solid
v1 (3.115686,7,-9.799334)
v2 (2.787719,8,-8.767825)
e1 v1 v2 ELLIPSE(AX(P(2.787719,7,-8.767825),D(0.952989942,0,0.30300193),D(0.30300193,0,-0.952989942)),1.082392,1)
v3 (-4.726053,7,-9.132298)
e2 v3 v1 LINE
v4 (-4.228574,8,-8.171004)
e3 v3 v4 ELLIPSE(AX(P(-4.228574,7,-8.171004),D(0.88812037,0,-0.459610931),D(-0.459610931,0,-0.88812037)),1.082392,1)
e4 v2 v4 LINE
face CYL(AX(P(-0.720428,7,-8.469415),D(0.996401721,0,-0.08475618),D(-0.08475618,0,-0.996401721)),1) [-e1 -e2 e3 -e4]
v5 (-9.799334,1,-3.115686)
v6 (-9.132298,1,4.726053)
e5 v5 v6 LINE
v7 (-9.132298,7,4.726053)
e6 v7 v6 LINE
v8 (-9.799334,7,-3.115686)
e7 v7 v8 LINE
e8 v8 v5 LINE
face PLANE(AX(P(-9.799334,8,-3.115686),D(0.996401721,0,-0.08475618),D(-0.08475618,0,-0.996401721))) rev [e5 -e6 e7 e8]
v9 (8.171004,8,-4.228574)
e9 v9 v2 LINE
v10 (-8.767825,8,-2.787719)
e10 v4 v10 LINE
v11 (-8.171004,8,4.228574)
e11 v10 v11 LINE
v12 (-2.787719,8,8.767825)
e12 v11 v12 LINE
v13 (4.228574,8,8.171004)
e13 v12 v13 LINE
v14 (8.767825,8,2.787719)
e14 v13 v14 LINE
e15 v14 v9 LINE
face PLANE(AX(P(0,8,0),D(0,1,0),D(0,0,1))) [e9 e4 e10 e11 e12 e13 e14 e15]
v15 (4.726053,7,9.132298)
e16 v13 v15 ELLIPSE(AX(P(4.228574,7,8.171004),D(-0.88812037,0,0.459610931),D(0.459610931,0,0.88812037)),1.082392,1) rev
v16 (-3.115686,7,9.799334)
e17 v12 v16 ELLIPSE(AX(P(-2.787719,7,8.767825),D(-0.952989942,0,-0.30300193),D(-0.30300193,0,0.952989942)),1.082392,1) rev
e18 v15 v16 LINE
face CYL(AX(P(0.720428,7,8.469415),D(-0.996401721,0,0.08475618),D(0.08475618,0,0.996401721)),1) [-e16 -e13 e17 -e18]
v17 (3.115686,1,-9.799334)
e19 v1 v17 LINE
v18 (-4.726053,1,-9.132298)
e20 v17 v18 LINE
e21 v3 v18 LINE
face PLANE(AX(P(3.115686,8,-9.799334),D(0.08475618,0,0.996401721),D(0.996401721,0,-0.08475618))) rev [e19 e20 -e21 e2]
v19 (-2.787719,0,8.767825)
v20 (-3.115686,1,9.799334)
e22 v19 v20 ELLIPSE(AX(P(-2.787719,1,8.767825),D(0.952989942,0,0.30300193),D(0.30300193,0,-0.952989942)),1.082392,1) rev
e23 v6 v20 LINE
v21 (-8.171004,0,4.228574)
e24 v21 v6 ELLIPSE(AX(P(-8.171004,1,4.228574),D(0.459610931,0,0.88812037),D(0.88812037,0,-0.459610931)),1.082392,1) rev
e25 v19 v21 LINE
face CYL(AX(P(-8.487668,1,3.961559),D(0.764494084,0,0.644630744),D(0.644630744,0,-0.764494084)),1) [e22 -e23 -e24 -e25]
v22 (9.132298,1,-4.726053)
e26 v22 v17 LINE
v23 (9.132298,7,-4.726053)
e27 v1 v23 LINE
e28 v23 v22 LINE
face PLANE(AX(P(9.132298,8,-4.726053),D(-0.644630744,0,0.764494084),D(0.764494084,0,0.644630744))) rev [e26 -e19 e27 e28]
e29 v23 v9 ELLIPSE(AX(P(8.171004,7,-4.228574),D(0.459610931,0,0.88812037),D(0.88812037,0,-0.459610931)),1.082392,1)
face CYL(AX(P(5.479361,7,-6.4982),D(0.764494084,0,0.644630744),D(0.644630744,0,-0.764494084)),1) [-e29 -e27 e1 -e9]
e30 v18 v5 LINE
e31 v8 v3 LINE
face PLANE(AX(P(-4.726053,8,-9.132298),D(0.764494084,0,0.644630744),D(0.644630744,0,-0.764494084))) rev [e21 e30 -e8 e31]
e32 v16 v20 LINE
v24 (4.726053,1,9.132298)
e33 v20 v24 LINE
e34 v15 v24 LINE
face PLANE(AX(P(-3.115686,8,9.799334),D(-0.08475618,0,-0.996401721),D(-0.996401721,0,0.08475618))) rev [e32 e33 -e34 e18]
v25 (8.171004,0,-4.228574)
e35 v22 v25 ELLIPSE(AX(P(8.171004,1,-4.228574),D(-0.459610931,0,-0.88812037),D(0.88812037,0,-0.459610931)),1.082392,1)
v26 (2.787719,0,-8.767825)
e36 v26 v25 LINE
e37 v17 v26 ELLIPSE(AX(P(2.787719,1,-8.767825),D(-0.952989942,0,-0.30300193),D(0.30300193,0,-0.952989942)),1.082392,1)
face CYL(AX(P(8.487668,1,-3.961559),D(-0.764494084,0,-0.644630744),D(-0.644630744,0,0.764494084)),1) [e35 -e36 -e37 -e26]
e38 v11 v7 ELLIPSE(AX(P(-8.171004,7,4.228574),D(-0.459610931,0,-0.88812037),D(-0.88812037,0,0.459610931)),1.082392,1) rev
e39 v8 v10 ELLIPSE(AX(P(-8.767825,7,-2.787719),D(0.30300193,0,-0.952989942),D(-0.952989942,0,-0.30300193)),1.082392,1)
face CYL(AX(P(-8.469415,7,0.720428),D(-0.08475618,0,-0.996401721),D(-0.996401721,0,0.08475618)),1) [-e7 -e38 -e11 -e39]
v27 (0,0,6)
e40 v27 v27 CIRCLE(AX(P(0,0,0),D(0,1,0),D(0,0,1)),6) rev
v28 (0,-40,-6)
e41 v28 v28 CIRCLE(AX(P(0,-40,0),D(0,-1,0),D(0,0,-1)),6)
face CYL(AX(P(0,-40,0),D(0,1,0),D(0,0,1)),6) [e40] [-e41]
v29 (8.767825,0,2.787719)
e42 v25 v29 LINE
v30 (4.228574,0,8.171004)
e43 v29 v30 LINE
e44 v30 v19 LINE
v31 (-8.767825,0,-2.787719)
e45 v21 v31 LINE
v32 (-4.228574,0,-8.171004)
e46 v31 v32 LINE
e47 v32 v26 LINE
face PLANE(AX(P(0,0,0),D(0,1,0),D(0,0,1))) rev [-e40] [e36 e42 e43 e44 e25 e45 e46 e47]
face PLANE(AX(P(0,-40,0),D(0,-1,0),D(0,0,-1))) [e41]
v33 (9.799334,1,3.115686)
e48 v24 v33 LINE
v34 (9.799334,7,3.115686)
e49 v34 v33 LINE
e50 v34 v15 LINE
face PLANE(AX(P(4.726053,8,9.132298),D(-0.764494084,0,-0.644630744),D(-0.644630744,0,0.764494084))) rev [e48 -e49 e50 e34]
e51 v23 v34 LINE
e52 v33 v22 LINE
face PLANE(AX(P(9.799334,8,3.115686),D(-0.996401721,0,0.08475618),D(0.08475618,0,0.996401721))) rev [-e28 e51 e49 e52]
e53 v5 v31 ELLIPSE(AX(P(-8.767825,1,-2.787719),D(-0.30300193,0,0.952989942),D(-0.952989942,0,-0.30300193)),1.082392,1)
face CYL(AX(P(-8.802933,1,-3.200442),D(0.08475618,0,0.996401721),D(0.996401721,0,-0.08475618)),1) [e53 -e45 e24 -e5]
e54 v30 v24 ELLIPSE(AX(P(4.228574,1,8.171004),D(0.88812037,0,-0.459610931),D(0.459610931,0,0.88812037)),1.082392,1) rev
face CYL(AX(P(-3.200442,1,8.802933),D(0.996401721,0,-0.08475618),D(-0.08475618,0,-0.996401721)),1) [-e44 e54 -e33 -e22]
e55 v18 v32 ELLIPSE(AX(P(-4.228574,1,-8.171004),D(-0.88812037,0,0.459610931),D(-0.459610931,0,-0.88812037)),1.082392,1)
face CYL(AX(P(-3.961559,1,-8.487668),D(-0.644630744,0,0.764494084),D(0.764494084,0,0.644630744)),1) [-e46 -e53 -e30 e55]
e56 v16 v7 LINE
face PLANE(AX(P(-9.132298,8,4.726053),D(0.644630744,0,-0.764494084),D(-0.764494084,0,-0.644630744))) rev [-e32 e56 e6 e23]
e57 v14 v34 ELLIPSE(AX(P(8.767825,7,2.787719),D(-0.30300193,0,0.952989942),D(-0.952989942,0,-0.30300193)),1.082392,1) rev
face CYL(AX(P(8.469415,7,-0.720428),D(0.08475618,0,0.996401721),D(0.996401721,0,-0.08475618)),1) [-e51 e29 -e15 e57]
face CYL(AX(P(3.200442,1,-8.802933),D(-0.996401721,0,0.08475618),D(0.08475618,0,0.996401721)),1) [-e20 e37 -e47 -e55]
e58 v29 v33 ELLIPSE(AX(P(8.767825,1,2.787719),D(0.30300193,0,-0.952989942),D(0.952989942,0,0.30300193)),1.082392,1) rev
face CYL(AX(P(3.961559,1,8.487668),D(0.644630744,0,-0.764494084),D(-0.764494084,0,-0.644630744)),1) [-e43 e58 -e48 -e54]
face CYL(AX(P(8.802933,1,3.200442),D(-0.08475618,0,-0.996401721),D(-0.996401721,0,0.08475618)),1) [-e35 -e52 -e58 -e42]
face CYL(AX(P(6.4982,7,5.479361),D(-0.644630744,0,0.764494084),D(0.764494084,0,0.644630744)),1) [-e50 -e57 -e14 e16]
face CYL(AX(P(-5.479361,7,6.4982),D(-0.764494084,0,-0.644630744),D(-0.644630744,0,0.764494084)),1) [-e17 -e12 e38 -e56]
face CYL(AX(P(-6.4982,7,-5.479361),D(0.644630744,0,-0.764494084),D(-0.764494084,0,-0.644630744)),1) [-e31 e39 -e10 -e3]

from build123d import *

# Parameters (mm, degrees)
BOSS_EXTRUDE1_DEPTH = 8
SKETCH2_R           = 6
BOSS_EXTRUDE2_DEPTH = 40
FILLET1_R           = 1


with BuildPart() as part:
    # Sketch1 → Boss-Extrude1 (new body)
    with BuildSketch(Plane(origin=(0, 0, 0), x_dir=(1, 0, 0), z_dir=(0, 1, 0))):
        Polygon((9.799334365, -3.115685798), (9.132298337, 4.726053225), (3.115685798, 9.799334365), (-4.726053225, 9.132298337), (-9.799334365, 3.115685798), (-9.132298337, -4.726053225), (-3.115685798, -9.799334365), (4.726053225, -9.132298337), align=None)
    extrude(amount=BOSS_EXTRUDE1_DEPTH)

    # Sketch2 → Boss-Extrude2 (add)
    with BuildSketch(Plane.XZ):
        with Locations(Location((0, 0, 0), (0, 0, 90))):
            Circle(SKETCH2_R)
    extrude(amount=BOSS_EXTRUDE2_DEPTH)

    # Fillet1
    fillet1_edges = [part.edges().sort_by_distance(p)[0] for p in [
        (-9.465816351, 8, 0.805183713),
        (-7.262693795, 0, -6.123992067),
        (-0.805183713, 0, -9.465816351),
        (-6.123992067, 8, 7.262693795),
        (0.805183713, 8, 9.465816351),
        (7.262693795, 8, 6.123992067),
        (9.465816351, 8, -0.805183713),
        (6.123992067, 8, -7.262693795),
        (-0.805183713, 8, -9.465816351),
        (-7.262693795, 8, -6.123992067),
        (6.123992067, 0, -7.262693795),
        (9.465816351, 0, -0.805183713),
        (7.262693795, 0, 6.123992067),
        (0.805183713, 0, 9.465816351),
        (-6.123992067, 0, 7.262693795),
        (-9.465816351, 0, 0.805183713),
    ]]
    fillet(fillet1_edges, radius=FILLET1_R)


solid = part.part
